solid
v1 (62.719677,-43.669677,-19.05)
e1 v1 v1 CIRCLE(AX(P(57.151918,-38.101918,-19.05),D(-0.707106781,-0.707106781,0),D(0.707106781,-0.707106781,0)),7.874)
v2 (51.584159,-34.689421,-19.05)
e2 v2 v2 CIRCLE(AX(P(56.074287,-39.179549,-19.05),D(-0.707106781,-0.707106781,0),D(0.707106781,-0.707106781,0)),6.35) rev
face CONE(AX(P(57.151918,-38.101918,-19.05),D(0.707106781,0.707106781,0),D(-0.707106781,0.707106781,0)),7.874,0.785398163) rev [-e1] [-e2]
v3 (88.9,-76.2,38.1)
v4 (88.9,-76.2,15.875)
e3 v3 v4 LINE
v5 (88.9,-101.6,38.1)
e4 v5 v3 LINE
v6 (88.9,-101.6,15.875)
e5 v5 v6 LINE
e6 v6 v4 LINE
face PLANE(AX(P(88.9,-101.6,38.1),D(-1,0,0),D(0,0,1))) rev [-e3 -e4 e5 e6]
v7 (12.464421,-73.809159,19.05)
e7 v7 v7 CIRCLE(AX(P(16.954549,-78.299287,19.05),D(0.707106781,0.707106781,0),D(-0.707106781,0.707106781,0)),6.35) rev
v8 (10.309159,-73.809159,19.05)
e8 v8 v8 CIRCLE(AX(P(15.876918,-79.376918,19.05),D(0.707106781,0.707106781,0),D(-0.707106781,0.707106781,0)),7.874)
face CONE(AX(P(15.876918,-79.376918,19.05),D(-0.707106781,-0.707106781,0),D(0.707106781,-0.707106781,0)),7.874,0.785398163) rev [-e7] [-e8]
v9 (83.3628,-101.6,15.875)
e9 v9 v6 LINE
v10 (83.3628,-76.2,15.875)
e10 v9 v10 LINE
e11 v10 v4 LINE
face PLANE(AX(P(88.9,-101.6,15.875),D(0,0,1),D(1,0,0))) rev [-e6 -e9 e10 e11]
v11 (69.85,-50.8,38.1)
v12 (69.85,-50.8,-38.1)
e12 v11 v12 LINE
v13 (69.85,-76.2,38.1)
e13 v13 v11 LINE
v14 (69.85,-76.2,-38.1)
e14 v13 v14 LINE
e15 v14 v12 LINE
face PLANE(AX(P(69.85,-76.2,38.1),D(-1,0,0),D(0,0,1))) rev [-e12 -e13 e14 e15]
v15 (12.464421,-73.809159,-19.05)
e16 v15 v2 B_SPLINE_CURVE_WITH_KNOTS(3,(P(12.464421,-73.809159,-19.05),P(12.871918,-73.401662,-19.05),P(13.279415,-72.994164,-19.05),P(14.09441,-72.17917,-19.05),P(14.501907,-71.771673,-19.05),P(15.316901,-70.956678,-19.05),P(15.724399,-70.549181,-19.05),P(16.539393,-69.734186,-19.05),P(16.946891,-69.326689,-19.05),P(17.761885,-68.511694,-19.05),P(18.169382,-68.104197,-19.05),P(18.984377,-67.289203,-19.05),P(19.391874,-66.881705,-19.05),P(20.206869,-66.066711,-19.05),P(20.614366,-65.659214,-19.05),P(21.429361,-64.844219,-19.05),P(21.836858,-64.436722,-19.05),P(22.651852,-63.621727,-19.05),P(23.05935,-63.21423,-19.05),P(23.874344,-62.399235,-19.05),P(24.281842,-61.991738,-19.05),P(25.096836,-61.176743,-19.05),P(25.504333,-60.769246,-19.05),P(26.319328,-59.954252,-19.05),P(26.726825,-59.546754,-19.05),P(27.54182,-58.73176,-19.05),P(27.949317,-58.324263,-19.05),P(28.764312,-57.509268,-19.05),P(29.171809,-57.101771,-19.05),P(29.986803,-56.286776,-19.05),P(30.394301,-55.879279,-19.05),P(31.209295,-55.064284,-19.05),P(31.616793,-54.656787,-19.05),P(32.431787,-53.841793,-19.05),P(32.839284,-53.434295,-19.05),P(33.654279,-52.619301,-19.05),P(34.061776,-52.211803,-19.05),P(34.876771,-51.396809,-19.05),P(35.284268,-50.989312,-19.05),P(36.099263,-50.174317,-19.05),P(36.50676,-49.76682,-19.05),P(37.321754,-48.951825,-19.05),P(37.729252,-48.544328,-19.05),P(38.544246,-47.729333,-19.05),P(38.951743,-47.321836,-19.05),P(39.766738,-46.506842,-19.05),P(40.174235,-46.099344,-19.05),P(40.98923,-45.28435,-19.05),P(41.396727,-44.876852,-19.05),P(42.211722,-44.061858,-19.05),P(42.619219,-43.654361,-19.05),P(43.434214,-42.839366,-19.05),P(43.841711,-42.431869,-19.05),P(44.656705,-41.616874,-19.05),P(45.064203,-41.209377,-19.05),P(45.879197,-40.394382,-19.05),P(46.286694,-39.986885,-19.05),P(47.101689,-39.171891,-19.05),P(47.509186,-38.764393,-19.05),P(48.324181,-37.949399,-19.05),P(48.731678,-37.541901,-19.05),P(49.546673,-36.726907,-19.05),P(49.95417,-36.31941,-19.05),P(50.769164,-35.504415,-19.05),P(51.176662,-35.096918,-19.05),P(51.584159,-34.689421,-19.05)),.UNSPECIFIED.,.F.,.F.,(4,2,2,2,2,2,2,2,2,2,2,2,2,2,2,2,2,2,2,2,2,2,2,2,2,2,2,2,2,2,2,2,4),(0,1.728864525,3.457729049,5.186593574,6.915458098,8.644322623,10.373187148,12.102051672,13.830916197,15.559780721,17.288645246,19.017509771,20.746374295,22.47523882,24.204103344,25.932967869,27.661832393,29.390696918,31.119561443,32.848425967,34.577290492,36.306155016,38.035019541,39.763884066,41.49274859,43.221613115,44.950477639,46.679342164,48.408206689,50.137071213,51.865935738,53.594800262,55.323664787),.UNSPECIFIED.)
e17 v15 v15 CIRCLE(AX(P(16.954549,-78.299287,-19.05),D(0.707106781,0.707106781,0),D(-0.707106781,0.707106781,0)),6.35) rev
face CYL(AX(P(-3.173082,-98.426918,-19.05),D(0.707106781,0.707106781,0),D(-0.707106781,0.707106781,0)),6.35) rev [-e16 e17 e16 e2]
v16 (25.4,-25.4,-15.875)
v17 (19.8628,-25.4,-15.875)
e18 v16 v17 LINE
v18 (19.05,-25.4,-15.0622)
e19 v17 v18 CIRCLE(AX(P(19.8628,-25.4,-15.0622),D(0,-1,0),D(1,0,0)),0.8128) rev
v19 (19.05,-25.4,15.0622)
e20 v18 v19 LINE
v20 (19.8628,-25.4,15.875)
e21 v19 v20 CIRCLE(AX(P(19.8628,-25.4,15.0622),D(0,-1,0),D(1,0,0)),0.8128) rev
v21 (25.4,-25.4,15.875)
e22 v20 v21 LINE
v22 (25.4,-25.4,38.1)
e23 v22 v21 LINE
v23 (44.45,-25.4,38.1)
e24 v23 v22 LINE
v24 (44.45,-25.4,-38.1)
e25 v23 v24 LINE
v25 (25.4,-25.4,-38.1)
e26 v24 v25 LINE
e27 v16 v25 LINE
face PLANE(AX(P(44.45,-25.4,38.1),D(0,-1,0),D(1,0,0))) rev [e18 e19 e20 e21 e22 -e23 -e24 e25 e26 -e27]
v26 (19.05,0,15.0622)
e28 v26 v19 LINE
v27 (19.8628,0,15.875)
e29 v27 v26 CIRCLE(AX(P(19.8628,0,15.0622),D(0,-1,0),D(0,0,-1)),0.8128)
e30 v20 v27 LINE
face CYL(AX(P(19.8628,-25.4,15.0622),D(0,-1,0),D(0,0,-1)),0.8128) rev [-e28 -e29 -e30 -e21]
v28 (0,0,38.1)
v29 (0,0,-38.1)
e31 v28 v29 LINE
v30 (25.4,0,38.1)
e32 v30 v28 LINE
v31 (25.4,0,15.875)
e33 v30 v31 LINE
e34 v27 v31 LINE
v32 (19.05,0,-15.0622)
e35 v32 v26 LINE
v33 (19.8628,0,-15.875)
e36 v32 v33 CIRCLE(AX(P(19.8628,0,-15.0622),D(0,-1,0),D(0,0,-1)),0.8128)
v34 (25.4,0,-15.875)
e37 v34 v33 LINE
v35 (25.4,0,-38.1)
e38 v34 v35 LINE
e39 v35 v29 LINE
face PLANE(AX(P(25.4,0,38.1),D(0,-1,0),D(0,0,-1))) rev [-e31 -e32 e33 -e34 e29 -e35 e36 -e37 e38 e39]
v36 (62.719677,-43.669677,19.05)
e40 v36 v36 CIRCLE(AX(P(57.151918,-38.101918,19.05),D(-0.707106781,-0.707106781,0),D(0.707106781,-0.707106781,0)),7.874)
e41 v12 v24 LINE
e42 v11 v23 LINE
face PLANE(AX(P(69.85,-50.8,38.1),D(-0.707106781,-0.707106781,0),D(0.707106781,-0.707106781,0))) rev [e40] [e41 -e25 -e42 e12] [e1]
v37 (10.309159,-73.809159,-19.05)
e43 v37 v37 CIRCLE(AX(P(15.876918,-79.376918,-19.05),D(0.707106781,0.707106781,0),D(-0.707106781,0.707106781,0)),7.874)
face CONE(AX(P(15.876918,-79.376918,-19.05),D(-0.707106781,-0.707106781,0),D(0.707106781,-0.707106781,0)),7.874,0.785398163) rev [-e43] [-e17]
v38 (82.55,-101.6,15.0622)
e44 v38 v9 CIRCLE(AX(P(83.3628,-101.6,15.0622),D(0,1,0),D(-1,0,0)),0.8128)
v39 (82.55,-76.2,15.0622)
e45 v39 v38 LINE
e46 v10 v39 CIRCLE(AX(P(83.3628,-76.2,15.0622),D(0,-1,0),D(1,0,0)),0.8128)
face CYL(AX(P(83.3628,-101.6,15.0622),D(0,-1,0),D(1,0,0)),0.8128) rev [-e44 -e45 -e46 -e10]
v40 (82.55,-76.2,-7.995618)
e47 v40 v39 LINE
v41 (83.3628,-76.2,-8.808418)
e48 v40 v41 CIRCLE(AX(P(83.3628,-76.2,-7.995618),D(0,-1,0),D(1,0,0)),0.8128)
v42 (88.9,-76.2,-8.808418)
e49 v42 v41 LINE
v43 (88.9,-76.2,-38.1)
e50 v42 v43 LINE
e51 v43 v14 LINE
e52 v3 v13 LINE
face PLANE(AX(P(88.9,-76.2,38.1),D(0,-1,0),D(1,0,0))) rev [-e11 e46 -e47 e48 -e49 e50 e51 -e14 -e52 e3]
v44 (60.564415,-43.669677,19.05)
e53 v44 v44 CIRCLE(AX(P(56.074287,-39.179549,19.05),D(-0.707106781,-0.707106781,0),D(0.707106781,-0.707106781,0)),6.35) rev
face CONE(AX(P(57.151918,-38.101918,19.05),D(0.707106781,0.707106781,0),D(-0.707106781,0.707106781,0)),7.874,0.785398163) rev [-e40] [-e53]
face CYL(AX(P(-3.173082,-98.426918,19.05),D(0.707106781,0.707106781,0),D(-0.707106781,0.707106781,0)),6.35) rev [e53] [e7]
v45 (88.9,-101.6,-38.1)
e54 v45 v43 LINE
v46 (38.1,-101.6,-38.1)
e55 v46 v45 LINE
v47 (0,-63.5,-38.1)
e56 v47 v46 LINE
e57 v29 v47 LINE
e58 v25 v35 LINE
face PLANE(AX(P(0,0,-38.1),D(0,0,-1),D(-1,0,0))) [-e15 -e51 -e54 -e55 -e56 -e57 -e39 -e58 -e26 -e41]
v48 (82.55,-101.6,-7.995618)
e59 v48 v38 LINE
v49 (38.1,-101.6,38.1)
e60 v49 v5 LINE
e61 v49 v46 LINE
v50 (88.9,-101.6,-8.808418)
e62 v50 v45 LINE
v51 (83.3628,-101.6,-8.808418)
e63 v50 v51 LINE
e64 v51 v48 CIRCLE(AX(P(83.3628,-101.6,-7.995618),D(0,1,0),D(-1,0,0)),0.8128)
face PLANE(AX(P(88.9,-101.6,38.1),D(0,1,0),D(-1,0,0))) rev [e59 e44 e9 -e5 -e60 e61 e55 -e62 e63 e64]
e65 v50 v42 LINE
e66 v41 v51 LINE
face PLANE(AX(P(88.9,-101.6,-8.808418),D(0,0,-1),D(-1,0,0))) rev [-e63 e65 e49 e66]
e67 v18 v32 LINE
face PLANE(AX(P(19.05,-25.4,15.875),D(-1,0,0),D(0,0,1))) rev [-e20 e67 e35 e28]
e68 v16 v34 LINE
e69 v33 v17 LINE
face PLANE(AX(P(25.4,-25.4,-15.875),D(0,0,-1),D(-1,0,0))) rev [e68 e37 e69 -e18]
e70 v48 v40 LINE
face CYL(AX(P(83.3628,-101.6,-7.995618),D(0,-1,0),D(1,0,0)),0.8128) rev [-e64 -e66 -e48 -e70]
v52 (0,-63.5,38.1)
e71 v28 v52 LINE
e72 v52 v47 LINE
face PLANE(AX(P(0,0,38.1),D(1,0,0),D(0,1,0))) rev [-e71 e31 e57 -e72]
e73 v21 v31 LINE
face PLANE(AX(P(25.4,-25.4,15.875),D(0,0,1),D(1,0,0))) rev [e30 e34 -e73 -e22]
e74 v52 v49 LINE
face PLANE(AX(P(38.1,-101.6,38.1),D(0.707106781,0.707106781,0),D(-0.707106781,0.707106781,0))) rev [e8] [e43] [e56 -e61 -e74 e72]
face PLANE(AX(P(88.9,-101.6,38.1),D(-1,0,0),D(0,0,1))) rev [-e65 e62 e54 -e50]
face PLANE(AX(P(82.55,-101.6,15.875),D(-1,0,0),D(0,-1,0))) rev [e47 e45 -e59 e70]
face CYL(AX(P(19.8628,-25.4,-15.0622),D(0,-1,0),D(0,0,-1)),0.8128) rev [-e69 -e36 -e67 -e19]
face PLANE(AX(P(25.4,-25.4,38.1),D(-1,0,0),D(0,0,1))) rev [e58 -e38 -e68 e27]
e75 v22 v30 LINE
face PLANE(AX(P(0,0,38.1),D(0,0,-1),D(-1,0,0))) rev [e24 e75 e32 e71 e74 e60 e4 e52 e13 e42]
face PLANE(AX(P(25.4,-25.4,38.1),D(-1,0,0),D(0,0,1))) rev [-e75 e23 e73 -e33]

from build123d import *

# Parameters (mm, degrees)
BOSS_EXTRUDE1_DEPTH     = 38.1
CUT_EXTRUDE1_DEPTH      = 142.777171117
CUT_EXTRUDE1_DEPTH_BACK = 142.777171117
SKETCH2_R               = 6.35
SKETCH3_W               = 6.35
SKETCH3_H               = 31.75
CUT_EXTRUDE2_DEPTH      = 25.4
SKETCH4_W               = 6.35
SKETCH4_H               = 24.683418283
CUT_EXTRUDE3_DEPTH      = 124.131068378
FILLET1_R               = 0.8128
CHAMFER1_SIZE           = 1.524


with BuildPart() as part:
    # Sketch1 → Boss-Extrude1 (new, symmetric)
    with BuildSketch(Plane.XY):
        Polygon((88.9, -101.6), (88.9, -76.2), (69.85, -76.2), (69.85, -50.8), (44.45, -25.4), (25.4, -25.4), (25.4, 0), (0, 0), (0, -63.5), (38.1, -101.6), align=None)
    extrude(amount=BOSS_EXTRUDE1_DEPTH, both=True)

    # Sketch2 → Cut-Extrude1 (cut, two sides: drawn at the far end of the back side and taken through both)
    with BuildSketch(Plane(origin=(9.525, 9.525, 0), x_dir=(0, 0, -1), z_dir=(0.7071067811865485, 0.7071067811865466, 0)).offset(-CUT_EXTRUDE1_DEPTH_BACK)):
        with Locations(Location((19.05, -67.35463315, 0), (0, 0, 90))):
            Circle(SKETCH2_R)
        with Locations(Location((-19.05, -67.35463315, 0), (0, 0, 90))):
            Circle(SKETCH2_R)
    extrude(amount=CUT_EXTRUDE1_DEPTH + CUT_EXTRUDE1_DEPTH_BACK, mode=Mode.SUBTRACT)

    # Sketch3 → Cut-Extrude2 (cut)
    with BuildSketch(Plane(origin=(0, 0, 0), x_dir=(1, 0, 0), z_dir=(0, 1, 0))):
        with Locations((22.225, 0)):
            Rectangle(SKETCH3_W, SKETCH3_H)
    extrude(amount=-CUT_EXTRUDE2_DEPTH, mode=Mode.SUBTRACT)

    # Sketch4 → Cut-Extrude3 (cut, through all)
    with BuildSketch(Plane(origin=(0, -76.2, 0), x_dir=(1, 0, 0), z_dir=(0, 1, 0))):
        with Locations((85.725, -3.533290859)):
            Rectangle(SKETCH4_W, SKETCH4_H)
    extrude(amount=-CUT_EXTRUDE3_DEPTH, mode=Mode.SUBTRACT)

    # Fillet1
    fillet1_edges = [part.edges().sort_by_distance(p)[0] for p in [
        (19.05, -12.7, 15.875),
        (19.05, -12.7, -15.875),
        (82.55, -88.9, 15.875),
        (82.55, -88.9, -8.808418283),
    ]]
    fillet(fillet1_edges, radius=FILLET1_R)

    # Chamfer1
    chamfer1_edges = [part.edges().sort_by_distance(p)[0] for p in [
        (61.642045905, -42.592045905, -19.05),
        (20.367045905, -83.867045905, -19.05),
        (61.642045905, -42.592045905, 19.05),
        (20.367045905, -83.867045905, 19.05),
    ]]
    chamfer(chamfer1_edges, length=CHAMFER1_SIZE)


solid = part.part
